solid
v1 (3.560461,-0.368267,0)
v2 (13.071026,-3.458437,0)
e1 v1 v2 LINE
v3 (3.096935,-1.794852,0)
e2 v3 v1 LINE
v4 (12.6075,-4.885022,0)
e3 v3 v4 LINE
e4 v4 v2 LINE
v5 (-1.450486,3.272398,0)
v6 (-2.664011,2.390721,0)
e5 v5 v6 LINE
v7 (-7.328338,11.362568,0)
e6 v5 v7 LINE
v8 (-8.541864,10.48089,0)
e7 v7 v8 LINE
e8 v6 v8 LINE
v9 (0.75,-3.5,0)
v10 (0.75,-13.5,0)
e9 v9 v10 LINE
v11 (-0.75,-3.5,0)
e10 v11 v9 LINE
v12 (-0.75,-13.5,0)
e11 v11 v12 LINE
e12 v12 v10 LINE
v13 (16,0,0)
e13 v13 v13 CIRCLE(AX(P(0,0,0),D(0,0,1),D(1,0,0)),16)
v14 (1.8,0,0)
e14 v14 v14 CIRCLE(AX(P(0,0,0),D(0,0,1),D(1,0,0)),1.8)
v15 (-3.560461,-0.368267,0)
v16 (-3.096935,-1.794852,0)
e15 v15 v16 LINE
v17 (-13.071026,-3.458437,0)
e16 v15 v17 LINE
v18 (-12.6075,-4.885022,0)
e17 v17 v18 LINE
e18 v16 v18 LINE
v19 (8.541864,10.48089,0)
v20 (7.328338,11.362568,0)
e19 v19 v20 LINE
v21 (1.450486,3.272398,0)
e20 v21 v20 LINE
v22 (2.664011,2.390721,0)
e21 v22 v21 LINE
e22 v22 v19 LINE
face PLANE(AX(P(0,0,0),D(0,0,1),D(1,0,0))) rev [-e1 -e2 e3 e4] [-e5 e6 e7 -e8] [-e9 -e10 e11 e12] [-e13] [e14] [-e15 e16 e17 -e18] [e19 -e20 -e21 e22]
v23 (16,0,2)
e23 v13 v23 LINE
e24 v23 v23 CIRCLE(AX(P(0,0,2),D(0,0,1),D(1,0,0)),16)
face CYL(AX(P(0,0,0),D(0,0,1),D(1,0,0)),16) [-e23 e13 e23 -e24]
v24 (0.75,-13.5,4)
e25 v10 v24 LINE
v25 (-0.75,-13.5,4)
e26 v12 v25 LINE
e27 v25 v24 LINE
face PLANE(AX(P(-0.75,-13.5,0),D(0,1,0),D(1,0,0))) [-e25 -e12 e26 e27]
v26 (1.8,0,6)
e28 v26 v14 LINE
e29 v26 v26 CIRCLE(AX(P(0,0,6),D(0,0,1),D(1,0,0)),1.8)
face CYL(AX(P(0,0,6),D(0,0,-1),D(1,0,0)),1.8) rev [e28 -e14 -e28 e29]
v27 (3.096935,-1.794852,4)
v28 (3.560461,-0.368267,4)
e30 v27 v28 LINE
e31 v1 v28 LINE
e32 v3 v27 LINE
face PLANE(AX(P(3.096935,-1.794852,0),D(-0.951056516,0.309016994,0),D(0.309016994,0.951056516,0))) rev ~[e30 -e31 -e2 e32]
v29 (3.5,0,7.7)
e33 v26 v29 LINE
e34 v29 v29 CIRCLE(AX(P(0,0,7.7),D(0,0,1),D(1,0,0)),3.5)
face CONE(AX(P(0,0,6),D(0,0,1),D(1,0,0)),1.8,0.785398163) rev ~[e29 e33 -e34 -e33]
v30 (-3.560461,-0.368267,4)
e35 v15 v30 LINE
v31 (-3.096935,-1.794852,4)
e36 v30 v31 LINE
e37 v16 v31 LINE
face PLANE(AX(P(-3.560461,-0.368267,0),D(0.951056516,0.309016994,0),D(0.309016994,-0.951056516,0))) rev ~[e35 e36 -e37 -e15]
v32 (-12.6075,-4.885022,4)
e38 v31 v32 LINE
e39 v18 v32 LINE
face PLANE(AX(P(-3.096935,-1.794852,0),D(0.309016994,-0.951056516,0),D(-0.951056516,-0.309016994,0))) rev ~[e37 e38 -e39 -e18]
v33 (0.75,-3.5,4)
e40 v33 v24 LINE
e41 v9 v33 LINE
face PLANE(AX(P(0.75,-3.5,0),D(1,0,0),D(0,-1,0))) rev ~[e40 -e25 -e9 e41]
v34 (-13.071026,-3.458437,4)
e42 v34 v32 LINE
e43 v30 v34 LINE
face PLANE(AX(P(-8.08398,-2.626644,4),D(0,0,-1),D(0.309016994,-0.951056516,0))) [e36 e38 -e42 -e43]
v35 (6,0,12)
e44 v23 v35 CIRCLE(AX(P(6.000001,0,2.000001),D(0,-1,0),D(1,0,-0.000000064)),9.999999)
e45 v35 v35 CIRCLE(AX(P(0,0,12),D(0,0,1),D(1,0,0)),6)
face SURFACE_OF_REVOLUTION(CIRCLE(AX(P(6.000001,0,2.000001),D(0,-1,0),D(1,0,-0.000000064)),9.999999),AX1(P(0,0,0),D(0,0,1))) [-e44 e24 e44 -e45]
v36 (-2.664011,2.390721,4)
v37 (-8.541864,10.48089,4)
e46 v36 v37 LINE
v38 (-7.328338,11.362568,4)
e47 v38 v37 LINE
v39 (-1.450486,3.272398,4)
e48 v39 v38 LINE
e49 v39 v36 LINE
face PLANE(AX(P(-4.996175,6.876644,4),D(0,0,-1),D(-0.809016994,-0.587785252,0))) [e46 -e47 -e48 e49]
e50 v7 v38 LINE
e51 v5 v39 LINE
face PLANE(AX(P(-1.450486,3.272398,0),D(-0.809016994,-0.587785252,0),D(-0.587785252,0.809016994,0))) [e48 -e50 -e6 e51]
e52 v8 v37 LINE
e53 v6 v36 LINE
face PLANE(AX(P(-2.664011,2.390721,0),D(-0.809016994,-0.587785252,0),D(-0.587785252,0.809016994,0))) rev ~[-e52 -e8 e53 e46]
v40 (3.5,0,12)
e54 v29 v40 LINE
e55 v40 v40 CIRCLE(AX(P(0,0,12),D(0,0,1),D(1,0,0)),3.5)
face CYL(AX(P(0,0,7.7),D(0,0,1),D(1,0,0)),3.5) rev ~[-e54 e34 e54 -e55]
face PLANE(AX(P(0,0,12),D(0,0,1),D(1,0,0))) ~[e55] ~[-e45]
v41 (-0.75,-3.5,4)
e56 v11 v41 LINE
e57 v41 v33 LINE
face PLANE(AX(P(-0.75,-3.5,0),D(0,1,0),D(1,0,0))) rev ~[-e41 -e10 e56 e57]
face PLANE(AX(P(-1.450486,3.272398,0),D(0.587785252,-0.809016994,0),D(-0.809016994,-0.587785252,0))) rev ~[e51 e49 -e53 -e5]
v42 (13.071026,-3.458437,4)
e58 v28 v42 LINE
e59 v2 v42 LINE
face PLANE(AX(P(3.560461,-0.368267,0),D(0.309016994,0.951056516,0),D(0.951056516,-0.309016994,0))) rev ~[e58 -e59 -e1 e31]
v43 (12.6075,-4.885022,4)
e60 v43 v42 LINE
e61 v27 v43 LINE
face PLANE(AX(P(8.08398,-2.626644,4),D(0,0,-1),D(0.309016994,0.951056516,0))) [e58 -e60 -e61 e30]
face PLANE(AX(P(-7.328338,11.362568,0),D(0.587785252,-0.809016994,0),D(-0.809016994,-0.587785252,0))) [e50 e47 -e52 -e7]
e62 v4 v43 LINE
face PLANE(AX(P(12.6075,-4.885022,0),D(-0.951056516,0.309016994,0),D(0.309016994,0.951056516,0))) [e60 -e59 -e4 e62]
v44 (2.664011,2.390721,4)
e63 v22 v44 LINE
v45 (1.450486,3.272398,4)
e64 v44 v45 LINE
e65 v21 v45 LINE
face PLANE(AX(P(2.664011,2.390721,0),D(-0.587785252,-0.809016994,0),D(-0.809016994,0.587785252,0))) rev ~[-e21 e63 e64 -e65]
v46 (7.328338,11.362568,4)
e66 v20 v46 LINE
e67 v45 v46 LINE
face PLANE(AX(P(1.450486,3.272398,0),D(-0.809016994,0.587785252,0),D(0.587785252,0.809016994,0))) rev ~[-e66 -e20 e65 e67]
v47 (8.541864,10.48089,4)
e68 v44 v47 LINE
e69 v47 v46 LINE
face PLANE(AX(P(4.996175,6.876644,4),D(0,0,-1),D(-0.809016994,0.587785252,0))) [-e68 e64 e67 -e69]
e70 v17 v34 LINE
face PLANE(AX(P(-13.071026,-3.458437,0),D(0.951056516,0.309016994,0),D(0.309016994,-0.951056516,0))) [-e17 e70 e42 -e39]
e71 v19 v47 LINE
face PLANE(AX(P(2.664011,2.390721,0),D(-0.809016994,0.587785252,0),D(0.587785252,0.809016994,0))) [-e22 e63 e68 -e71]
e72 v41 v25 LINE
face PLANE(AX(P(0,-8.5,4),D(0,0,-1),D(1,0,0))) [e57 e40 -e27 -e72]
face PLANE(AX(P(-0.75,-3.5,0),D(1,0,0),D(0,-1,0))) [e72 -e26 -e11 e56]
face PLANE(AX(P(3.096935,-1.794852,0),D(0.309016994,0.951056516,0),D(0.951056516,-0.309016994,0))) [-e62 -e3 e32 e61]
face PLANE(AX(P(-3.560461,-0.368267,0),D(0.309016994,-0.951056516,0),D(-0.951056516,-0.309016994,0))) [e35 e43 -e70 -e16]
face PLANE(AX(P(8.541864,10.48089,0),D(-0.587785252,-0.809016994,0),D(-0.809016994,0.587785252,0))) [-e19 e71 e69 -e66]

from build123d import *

# Parameters (mm, degrees)
SKETCH001_W        = 1.5
SKETCH001_H        = 10
POCKET_DEPTH       = 4
POLARPATTERN_COUNT = 5


with BuildPart() as part:
    # Sketch → Revolution (revolve)
    with BuildSketch(Plane.XZ):
        with BuildLine():
            Line((16, 0), (16, 2))
            ThreePointArc((16, 2), (13.071068, 9.071068), (6, 12))
            Line((3.5, 12), (6, 12))
            Line((3.5, 7.7), (3.5, 12))
            Line((1.8, 6), (3.5, 7.7))
            Line((1.8, 6), (1.8, 0))
            Line((1.8, 0), (16, 0))
        make_face()
    revolve(axis=Axis((0, 0, 0), (0, 0, 1)))

    # Sketch001 (on Face2 of Revolution) → Pocket (cut)
    with BuildSketch(Plane(origin=(0, 0, 0), x_dir=(1, 0, 0), z_dir=(0, 0, -1))):
        with Locations((0, 8.5)):
            Rectangle(SKETCH001_W, SKETCH001_H)
    pocket = extrude(amount=-POCKET_DEPTH, mode=Mode.SUBTRACT)

    # PolarPattern: Pocket ×5 about axis
    polarpattern_axis = Axis((0, 0, 0), (0, 0, -1))
    for i in range(1, POLARPATTERN_COUNT):
        add(pocket.rotate(polarpattern_axis, i * 360 / POLARPATTERN_COUNT), mode=Mode.SUBTRACT)


solid = part.part
